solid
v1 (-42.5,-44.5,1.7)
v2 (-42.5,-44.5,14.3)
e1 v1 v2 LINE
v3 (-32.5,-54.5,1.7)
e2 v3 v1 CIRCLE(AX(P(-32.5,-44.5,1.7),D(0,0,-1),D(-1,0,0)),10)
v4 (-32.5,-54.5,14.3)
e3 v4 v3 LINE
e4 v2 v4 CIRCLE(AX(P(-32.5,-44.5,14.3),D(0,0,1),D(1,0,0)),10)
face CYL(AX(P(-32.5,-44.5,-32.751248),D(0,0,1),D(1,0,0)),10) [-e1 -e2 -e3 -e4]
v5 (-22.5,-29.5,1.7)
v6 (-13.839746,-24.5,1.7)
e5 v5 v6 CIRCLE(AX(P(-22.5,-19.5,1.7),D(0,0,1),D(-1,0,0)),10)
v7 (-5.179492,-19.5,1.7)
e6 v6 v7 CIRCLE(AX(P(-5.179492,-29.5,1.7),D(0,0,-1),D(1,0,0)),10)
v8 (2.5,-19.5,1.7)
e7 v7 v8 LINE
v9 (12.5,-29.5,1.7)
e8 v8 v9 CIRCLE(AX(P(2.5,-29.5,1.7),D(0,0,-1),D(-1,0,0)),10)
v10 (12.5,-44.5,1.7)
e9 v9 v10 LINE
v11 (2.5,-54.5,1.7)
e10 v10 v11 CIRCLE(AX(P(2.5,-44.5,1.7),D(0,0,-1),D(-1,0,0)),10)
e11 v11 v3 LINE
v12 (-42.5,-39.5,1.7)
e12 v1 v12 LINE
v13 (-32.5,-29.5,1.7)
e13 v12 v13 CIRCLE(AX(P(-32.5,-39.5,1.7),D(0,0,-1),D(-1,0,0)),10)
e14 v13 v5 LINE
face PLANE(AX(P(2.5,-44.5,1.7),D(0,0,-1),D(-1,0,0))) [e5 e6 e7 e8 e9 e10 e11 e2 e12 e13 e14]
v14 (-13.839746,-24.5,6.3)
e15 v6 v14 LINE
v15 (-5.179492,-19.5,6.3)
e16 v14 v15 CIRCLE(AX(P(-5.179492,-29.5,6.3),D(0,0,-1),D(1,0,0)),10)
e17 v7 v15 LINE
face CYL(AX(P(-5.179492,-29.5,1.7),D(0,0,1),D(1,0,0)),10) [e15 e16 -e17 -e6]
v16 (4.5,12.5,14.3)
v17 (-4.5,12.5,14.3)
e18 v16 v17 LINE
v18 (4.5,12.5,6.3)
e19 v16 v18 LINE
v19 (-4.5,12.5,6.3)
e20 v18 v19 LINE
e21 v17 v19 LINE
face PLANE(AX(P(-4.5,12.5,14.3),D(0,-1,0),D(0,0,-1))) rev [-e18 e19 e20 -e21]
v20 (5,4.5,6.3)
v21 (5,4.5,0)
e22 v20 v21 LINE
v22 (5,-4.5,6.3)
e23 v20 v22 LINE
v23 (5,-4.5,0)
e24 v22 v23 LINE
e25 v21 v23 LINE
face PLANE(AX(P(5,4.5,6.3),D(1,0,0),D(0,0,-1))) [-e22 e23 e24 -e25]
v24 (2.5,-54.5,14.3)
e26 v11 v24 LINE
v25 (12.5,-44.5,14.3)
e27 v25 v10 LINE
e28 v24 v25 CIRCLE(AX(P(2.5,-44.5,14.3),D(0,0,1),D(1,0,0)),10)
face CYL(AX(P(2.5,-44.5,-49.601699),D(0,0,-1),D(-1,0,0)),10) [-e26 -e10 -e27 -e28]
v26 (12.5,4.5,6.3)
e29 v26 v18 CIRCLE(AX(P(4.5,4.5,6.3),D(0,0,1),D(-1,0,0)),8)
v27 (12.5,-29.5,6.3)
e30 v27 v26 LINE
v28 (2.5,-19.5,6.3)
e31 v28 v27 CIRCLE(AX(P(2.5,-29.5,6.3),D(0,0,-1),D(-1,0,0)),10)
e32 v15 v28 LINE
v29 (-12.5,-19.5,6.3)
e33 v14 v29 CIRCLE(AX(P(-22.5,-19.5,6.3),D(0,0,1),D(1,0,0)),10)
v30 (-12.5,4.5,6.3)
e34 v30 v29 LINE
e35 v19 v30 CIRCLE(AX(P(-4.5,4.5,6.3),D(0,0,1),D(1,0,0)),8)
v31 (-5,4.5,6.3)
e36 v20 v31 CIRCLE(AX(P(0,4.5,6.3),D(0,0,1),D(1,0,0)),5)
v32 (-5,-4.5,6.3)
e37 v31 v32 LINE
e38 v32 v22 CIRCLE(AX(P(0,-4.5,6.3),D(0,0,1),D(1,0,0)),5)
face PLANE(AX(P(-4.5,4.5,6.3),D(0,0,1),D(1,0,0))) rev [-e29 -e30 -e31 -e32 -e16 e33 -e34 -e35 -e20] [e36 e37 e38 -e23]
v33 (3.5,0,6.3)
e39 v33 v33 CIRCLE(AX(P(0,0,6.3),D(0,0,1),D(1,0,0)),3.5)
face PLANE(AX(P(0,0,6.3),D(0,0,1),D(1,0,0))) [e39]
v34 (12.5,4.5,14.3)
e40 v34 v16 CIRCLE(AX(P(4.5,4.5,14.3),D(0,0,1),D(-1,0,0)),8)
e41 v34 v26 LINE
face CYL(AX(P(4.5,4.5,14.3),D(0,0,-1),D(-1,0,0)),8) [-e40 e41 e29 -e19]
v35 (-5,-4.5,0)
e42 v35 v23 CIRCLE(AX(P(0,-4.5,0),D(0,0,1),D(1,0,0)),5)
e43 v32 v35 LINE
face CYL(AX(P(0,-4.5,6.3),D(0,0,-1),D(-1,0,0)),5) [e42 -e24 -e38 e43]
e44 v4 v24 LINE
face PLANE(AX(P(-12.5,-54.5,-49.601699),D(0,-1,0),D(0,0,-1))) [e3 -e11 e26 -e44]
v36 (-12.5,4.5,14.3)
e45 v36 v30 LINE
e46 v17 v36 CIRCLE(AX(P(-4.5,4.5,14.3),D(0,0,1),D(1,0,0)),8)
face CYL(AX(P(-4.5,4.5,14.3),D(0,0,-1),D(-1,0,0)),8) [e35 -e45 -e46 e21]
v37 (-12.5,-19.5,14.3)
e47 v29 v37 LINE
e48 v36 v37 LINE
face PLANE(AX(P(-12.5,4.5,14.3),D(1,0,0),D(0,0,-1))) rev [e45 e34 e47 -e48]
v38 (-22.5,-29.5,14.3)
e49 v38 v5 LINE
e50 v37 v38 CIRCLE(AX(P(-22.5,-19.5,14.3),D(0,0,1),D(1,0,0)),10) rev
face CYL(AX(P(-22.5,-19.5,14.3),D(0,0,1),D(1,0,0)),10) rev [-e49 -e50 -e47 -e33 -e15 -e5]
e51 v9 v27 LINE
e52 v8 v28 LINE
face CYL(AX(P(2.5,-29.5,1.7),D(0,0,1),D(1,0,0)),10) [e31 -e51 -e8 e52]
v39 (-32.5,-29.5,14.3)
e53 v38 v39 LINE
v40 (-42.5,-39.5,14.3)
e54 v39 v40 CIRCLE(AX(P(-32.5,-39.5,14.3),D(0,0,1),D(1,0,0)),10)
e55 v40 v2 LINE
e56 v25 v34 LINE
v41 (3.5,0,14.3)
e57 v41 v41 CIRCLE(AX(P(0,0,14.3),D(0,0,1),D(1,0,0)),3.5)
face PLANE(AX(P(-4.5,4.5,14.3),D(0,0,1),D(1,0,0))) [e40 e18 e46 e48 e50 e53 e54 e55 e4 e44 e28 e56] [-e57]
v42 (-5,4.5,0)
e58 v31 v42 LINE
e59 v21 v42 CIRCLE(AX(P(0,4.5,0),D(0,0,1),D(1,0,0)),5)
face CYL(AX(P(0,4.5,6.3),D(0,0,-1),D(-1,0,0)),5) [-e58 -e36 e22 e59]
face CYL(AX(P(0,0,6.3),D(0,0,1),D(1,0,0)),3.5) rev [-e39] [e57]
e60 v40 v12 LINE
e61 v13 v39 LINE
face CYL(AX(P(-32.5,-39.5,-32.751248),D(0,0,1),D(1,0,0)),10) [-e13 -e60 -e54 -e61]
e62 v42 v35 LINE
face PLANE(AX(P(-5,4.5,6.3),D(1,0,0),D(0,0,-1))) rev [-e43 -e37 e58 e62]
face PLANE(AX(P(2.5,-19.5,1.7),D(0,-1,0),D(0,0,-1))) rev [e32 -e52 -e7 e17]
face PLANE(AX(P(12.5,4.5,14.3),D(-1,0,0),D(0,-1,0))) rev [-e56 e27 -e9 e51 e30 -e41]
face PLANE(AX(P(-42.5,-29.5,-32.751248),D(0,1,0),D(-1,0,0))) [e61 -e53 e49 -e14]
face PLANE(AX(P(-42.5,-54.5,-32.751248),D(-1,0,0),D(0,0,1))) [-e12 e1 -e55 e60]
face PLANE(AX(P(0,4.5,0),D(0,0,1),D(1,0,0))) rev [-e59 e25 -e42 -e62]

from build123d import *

# Parameters (mm, degrees)
BOSS_EXTRUDE1_DEPTH = 6.3
BOSS_EXTRUDE2_DEPTH = 8
SKETCH3_R           = 3.5
CUT_EXTRUDE1_DEPTH  = 8
BOSS_EXTRUDE3_START = -8
BOSS_EXTRUDE3_DEPTH = 8
SKETCH5_W           = 30
SKETCH5_H           = 25
BOSS_EXTRUDE4_DEPTH = 8
FILLET1_R           = 10
BOSS_EXTRUDE5_START = 4.6
BOSS_EXTRUDE5_DEPTH = 4.6


with BuildPart() as part:
    # Sketch1 → Boss-Extrude1 (new body)
    with BuildSketch(Plane.XY):
        with BuildLine():
            Line((5, 4.5), (5, -4.5))
            ThreePointArc((5, -4.5), (0, -9.5), (-5, -4.5))
            Line((-5, -4.5), (-5, 4.5))
            ThreePointArc((-5, 4.5), (0, 9.5), (5, 4.5))
        make_face()
    extrude(amount=BOSS_EXTRUDE1_DEPTH)

    # Sketch2 → Boss-Extrude2 (add)
    with BuildSketch(Plane.XY.offset(6.3)):
        with BuildLine():
            Line((-4.5, 12.5), (4.5, 12.5))
            ThreePointArc((4.5, 12.5), (10.156854249, 10.156854249), (12.5, 4.5))
            Line((12.5, 4.5), (12.5, -4.5))
            ThreePointArc((12.5, -4.5), (10.156854249, -10.156854249), (4.5, -12.5))
            Line((4.5, -12.5), (-4.5, -12.5))
            ThreePointArc((-4.5, -12.5), (-10.156854249, -10.156854249), (-12.5, -4.5))
            Line((-12.5, -4.5), (-12.5, 4.5))
            ThreePointArc((-12.5, 4.5), (-10.156854249, 10.156854249), (-4.5, 12.5))
        make_face()
    extrude(amount=BOSS_EXTRUDE2_DEPTH)

    # Sketch3 → Cut-Extrude1 (cut)
    with BuildSketch(Plane.XY.offset(14.3)):
        Circle(SKETCH3_R)
    extrude(amount=-CUT_EXTRUDE1_DEPTH, mode=Mode.SUBTRACT)

    # Sketch4 → Boss-Extrude3 (add)
    with BuildSketch(Plane.XY.offset(14.3).offset(BOSS_EXTRUDE3_START)):
        with BuildLine():
            Line((-12.5, -4.5), (-12.5, -54.5))
            Line((-12.5, -54.5), (12.5, -54.5))
            Line((12.5, -54.5), (12.5, -4.5))
            ThreePointArc((12.5, -4.5), (10.156854249, -10.156854249), (4.5, -12.5))
            Line((4.5, -12.5), (-4.5, -12.5))
            ThreePointArc((-4.5, -12.5), (-10.156854249, -10.156854249), (-12.5, -4.5))
        make_face()
    extrude(amount=BOSS_EXTRUDE3_DEPTH)

    # Sketch5 → Boss-Extrude4 (add)
    with BuildSketch(Plane.XY.offset(14.3)):
        with Locations((-27.5, -42)):
            Rectangle(SKETCH5_W, SKETCH5_H)
    extrude(amount=-BOSS_EXTRUDE4_DEPTH)

    # Fillet1
    fillet1_edges = [part.edges().sort_by_distance(p)[0] for p in [
        (12.5, -54.5, 10.3),
        (-12.5, -29.5, 10.3),
        (-42.5, -54.5, 10.3),
        (-42.5, -29.5, 10.3),
    ]]
    fillet(fillet1_edges, radius=FILLET1_R)

    # Sketch6 → Boss-Extrude5 (add)
    with BuildSketch(Plane(origin=(0, 0, 6.3), x_dir=(-1, 0, 0), z_dir=(0, 0, -1)).offset(BOSS_EXTRUDE5_START)):
        with BuildLine():
            Line((-2.5, -19.5), (5.179491924, -19.5))
            ThreePointArc((5.179491924, -19.5), (10.179491924, -20.839745962), (13.839745962, -24.5))
            ThreePointArc((13.839745962, -24.5), (17.5, -28.160254038), (22.5, -29.5))
            Line((22.5, -29.5), (32.5, -29.5))
            ThreePointArc((32.5, -29.5), (39.571067812, -32.428932188), (42.5, -39.5))
            Line((42.5, -39.5), (42.5, -44.5))
            ThreePointArc((42.5, -44.5), (39.571067812, -51.571067812), (32.5, -54.5))
            Line((32.5, -54.5), (-2.5, -54.5))
            ThreePointArc((-2.5, -54.5), (-9.571067812, -51.571067812), (-12.5, -44.5))
            Line((-12.5, -44.5), (-12.5, -29.5))
            ThreePointArc((-12.5, -29.5), (-9.571067812, -22.428932188), (-2.5, -19.5))
        make_face()
    extrude(amount=-BOSS_EXTRUDE5_DEPTH)


solid = part.part
